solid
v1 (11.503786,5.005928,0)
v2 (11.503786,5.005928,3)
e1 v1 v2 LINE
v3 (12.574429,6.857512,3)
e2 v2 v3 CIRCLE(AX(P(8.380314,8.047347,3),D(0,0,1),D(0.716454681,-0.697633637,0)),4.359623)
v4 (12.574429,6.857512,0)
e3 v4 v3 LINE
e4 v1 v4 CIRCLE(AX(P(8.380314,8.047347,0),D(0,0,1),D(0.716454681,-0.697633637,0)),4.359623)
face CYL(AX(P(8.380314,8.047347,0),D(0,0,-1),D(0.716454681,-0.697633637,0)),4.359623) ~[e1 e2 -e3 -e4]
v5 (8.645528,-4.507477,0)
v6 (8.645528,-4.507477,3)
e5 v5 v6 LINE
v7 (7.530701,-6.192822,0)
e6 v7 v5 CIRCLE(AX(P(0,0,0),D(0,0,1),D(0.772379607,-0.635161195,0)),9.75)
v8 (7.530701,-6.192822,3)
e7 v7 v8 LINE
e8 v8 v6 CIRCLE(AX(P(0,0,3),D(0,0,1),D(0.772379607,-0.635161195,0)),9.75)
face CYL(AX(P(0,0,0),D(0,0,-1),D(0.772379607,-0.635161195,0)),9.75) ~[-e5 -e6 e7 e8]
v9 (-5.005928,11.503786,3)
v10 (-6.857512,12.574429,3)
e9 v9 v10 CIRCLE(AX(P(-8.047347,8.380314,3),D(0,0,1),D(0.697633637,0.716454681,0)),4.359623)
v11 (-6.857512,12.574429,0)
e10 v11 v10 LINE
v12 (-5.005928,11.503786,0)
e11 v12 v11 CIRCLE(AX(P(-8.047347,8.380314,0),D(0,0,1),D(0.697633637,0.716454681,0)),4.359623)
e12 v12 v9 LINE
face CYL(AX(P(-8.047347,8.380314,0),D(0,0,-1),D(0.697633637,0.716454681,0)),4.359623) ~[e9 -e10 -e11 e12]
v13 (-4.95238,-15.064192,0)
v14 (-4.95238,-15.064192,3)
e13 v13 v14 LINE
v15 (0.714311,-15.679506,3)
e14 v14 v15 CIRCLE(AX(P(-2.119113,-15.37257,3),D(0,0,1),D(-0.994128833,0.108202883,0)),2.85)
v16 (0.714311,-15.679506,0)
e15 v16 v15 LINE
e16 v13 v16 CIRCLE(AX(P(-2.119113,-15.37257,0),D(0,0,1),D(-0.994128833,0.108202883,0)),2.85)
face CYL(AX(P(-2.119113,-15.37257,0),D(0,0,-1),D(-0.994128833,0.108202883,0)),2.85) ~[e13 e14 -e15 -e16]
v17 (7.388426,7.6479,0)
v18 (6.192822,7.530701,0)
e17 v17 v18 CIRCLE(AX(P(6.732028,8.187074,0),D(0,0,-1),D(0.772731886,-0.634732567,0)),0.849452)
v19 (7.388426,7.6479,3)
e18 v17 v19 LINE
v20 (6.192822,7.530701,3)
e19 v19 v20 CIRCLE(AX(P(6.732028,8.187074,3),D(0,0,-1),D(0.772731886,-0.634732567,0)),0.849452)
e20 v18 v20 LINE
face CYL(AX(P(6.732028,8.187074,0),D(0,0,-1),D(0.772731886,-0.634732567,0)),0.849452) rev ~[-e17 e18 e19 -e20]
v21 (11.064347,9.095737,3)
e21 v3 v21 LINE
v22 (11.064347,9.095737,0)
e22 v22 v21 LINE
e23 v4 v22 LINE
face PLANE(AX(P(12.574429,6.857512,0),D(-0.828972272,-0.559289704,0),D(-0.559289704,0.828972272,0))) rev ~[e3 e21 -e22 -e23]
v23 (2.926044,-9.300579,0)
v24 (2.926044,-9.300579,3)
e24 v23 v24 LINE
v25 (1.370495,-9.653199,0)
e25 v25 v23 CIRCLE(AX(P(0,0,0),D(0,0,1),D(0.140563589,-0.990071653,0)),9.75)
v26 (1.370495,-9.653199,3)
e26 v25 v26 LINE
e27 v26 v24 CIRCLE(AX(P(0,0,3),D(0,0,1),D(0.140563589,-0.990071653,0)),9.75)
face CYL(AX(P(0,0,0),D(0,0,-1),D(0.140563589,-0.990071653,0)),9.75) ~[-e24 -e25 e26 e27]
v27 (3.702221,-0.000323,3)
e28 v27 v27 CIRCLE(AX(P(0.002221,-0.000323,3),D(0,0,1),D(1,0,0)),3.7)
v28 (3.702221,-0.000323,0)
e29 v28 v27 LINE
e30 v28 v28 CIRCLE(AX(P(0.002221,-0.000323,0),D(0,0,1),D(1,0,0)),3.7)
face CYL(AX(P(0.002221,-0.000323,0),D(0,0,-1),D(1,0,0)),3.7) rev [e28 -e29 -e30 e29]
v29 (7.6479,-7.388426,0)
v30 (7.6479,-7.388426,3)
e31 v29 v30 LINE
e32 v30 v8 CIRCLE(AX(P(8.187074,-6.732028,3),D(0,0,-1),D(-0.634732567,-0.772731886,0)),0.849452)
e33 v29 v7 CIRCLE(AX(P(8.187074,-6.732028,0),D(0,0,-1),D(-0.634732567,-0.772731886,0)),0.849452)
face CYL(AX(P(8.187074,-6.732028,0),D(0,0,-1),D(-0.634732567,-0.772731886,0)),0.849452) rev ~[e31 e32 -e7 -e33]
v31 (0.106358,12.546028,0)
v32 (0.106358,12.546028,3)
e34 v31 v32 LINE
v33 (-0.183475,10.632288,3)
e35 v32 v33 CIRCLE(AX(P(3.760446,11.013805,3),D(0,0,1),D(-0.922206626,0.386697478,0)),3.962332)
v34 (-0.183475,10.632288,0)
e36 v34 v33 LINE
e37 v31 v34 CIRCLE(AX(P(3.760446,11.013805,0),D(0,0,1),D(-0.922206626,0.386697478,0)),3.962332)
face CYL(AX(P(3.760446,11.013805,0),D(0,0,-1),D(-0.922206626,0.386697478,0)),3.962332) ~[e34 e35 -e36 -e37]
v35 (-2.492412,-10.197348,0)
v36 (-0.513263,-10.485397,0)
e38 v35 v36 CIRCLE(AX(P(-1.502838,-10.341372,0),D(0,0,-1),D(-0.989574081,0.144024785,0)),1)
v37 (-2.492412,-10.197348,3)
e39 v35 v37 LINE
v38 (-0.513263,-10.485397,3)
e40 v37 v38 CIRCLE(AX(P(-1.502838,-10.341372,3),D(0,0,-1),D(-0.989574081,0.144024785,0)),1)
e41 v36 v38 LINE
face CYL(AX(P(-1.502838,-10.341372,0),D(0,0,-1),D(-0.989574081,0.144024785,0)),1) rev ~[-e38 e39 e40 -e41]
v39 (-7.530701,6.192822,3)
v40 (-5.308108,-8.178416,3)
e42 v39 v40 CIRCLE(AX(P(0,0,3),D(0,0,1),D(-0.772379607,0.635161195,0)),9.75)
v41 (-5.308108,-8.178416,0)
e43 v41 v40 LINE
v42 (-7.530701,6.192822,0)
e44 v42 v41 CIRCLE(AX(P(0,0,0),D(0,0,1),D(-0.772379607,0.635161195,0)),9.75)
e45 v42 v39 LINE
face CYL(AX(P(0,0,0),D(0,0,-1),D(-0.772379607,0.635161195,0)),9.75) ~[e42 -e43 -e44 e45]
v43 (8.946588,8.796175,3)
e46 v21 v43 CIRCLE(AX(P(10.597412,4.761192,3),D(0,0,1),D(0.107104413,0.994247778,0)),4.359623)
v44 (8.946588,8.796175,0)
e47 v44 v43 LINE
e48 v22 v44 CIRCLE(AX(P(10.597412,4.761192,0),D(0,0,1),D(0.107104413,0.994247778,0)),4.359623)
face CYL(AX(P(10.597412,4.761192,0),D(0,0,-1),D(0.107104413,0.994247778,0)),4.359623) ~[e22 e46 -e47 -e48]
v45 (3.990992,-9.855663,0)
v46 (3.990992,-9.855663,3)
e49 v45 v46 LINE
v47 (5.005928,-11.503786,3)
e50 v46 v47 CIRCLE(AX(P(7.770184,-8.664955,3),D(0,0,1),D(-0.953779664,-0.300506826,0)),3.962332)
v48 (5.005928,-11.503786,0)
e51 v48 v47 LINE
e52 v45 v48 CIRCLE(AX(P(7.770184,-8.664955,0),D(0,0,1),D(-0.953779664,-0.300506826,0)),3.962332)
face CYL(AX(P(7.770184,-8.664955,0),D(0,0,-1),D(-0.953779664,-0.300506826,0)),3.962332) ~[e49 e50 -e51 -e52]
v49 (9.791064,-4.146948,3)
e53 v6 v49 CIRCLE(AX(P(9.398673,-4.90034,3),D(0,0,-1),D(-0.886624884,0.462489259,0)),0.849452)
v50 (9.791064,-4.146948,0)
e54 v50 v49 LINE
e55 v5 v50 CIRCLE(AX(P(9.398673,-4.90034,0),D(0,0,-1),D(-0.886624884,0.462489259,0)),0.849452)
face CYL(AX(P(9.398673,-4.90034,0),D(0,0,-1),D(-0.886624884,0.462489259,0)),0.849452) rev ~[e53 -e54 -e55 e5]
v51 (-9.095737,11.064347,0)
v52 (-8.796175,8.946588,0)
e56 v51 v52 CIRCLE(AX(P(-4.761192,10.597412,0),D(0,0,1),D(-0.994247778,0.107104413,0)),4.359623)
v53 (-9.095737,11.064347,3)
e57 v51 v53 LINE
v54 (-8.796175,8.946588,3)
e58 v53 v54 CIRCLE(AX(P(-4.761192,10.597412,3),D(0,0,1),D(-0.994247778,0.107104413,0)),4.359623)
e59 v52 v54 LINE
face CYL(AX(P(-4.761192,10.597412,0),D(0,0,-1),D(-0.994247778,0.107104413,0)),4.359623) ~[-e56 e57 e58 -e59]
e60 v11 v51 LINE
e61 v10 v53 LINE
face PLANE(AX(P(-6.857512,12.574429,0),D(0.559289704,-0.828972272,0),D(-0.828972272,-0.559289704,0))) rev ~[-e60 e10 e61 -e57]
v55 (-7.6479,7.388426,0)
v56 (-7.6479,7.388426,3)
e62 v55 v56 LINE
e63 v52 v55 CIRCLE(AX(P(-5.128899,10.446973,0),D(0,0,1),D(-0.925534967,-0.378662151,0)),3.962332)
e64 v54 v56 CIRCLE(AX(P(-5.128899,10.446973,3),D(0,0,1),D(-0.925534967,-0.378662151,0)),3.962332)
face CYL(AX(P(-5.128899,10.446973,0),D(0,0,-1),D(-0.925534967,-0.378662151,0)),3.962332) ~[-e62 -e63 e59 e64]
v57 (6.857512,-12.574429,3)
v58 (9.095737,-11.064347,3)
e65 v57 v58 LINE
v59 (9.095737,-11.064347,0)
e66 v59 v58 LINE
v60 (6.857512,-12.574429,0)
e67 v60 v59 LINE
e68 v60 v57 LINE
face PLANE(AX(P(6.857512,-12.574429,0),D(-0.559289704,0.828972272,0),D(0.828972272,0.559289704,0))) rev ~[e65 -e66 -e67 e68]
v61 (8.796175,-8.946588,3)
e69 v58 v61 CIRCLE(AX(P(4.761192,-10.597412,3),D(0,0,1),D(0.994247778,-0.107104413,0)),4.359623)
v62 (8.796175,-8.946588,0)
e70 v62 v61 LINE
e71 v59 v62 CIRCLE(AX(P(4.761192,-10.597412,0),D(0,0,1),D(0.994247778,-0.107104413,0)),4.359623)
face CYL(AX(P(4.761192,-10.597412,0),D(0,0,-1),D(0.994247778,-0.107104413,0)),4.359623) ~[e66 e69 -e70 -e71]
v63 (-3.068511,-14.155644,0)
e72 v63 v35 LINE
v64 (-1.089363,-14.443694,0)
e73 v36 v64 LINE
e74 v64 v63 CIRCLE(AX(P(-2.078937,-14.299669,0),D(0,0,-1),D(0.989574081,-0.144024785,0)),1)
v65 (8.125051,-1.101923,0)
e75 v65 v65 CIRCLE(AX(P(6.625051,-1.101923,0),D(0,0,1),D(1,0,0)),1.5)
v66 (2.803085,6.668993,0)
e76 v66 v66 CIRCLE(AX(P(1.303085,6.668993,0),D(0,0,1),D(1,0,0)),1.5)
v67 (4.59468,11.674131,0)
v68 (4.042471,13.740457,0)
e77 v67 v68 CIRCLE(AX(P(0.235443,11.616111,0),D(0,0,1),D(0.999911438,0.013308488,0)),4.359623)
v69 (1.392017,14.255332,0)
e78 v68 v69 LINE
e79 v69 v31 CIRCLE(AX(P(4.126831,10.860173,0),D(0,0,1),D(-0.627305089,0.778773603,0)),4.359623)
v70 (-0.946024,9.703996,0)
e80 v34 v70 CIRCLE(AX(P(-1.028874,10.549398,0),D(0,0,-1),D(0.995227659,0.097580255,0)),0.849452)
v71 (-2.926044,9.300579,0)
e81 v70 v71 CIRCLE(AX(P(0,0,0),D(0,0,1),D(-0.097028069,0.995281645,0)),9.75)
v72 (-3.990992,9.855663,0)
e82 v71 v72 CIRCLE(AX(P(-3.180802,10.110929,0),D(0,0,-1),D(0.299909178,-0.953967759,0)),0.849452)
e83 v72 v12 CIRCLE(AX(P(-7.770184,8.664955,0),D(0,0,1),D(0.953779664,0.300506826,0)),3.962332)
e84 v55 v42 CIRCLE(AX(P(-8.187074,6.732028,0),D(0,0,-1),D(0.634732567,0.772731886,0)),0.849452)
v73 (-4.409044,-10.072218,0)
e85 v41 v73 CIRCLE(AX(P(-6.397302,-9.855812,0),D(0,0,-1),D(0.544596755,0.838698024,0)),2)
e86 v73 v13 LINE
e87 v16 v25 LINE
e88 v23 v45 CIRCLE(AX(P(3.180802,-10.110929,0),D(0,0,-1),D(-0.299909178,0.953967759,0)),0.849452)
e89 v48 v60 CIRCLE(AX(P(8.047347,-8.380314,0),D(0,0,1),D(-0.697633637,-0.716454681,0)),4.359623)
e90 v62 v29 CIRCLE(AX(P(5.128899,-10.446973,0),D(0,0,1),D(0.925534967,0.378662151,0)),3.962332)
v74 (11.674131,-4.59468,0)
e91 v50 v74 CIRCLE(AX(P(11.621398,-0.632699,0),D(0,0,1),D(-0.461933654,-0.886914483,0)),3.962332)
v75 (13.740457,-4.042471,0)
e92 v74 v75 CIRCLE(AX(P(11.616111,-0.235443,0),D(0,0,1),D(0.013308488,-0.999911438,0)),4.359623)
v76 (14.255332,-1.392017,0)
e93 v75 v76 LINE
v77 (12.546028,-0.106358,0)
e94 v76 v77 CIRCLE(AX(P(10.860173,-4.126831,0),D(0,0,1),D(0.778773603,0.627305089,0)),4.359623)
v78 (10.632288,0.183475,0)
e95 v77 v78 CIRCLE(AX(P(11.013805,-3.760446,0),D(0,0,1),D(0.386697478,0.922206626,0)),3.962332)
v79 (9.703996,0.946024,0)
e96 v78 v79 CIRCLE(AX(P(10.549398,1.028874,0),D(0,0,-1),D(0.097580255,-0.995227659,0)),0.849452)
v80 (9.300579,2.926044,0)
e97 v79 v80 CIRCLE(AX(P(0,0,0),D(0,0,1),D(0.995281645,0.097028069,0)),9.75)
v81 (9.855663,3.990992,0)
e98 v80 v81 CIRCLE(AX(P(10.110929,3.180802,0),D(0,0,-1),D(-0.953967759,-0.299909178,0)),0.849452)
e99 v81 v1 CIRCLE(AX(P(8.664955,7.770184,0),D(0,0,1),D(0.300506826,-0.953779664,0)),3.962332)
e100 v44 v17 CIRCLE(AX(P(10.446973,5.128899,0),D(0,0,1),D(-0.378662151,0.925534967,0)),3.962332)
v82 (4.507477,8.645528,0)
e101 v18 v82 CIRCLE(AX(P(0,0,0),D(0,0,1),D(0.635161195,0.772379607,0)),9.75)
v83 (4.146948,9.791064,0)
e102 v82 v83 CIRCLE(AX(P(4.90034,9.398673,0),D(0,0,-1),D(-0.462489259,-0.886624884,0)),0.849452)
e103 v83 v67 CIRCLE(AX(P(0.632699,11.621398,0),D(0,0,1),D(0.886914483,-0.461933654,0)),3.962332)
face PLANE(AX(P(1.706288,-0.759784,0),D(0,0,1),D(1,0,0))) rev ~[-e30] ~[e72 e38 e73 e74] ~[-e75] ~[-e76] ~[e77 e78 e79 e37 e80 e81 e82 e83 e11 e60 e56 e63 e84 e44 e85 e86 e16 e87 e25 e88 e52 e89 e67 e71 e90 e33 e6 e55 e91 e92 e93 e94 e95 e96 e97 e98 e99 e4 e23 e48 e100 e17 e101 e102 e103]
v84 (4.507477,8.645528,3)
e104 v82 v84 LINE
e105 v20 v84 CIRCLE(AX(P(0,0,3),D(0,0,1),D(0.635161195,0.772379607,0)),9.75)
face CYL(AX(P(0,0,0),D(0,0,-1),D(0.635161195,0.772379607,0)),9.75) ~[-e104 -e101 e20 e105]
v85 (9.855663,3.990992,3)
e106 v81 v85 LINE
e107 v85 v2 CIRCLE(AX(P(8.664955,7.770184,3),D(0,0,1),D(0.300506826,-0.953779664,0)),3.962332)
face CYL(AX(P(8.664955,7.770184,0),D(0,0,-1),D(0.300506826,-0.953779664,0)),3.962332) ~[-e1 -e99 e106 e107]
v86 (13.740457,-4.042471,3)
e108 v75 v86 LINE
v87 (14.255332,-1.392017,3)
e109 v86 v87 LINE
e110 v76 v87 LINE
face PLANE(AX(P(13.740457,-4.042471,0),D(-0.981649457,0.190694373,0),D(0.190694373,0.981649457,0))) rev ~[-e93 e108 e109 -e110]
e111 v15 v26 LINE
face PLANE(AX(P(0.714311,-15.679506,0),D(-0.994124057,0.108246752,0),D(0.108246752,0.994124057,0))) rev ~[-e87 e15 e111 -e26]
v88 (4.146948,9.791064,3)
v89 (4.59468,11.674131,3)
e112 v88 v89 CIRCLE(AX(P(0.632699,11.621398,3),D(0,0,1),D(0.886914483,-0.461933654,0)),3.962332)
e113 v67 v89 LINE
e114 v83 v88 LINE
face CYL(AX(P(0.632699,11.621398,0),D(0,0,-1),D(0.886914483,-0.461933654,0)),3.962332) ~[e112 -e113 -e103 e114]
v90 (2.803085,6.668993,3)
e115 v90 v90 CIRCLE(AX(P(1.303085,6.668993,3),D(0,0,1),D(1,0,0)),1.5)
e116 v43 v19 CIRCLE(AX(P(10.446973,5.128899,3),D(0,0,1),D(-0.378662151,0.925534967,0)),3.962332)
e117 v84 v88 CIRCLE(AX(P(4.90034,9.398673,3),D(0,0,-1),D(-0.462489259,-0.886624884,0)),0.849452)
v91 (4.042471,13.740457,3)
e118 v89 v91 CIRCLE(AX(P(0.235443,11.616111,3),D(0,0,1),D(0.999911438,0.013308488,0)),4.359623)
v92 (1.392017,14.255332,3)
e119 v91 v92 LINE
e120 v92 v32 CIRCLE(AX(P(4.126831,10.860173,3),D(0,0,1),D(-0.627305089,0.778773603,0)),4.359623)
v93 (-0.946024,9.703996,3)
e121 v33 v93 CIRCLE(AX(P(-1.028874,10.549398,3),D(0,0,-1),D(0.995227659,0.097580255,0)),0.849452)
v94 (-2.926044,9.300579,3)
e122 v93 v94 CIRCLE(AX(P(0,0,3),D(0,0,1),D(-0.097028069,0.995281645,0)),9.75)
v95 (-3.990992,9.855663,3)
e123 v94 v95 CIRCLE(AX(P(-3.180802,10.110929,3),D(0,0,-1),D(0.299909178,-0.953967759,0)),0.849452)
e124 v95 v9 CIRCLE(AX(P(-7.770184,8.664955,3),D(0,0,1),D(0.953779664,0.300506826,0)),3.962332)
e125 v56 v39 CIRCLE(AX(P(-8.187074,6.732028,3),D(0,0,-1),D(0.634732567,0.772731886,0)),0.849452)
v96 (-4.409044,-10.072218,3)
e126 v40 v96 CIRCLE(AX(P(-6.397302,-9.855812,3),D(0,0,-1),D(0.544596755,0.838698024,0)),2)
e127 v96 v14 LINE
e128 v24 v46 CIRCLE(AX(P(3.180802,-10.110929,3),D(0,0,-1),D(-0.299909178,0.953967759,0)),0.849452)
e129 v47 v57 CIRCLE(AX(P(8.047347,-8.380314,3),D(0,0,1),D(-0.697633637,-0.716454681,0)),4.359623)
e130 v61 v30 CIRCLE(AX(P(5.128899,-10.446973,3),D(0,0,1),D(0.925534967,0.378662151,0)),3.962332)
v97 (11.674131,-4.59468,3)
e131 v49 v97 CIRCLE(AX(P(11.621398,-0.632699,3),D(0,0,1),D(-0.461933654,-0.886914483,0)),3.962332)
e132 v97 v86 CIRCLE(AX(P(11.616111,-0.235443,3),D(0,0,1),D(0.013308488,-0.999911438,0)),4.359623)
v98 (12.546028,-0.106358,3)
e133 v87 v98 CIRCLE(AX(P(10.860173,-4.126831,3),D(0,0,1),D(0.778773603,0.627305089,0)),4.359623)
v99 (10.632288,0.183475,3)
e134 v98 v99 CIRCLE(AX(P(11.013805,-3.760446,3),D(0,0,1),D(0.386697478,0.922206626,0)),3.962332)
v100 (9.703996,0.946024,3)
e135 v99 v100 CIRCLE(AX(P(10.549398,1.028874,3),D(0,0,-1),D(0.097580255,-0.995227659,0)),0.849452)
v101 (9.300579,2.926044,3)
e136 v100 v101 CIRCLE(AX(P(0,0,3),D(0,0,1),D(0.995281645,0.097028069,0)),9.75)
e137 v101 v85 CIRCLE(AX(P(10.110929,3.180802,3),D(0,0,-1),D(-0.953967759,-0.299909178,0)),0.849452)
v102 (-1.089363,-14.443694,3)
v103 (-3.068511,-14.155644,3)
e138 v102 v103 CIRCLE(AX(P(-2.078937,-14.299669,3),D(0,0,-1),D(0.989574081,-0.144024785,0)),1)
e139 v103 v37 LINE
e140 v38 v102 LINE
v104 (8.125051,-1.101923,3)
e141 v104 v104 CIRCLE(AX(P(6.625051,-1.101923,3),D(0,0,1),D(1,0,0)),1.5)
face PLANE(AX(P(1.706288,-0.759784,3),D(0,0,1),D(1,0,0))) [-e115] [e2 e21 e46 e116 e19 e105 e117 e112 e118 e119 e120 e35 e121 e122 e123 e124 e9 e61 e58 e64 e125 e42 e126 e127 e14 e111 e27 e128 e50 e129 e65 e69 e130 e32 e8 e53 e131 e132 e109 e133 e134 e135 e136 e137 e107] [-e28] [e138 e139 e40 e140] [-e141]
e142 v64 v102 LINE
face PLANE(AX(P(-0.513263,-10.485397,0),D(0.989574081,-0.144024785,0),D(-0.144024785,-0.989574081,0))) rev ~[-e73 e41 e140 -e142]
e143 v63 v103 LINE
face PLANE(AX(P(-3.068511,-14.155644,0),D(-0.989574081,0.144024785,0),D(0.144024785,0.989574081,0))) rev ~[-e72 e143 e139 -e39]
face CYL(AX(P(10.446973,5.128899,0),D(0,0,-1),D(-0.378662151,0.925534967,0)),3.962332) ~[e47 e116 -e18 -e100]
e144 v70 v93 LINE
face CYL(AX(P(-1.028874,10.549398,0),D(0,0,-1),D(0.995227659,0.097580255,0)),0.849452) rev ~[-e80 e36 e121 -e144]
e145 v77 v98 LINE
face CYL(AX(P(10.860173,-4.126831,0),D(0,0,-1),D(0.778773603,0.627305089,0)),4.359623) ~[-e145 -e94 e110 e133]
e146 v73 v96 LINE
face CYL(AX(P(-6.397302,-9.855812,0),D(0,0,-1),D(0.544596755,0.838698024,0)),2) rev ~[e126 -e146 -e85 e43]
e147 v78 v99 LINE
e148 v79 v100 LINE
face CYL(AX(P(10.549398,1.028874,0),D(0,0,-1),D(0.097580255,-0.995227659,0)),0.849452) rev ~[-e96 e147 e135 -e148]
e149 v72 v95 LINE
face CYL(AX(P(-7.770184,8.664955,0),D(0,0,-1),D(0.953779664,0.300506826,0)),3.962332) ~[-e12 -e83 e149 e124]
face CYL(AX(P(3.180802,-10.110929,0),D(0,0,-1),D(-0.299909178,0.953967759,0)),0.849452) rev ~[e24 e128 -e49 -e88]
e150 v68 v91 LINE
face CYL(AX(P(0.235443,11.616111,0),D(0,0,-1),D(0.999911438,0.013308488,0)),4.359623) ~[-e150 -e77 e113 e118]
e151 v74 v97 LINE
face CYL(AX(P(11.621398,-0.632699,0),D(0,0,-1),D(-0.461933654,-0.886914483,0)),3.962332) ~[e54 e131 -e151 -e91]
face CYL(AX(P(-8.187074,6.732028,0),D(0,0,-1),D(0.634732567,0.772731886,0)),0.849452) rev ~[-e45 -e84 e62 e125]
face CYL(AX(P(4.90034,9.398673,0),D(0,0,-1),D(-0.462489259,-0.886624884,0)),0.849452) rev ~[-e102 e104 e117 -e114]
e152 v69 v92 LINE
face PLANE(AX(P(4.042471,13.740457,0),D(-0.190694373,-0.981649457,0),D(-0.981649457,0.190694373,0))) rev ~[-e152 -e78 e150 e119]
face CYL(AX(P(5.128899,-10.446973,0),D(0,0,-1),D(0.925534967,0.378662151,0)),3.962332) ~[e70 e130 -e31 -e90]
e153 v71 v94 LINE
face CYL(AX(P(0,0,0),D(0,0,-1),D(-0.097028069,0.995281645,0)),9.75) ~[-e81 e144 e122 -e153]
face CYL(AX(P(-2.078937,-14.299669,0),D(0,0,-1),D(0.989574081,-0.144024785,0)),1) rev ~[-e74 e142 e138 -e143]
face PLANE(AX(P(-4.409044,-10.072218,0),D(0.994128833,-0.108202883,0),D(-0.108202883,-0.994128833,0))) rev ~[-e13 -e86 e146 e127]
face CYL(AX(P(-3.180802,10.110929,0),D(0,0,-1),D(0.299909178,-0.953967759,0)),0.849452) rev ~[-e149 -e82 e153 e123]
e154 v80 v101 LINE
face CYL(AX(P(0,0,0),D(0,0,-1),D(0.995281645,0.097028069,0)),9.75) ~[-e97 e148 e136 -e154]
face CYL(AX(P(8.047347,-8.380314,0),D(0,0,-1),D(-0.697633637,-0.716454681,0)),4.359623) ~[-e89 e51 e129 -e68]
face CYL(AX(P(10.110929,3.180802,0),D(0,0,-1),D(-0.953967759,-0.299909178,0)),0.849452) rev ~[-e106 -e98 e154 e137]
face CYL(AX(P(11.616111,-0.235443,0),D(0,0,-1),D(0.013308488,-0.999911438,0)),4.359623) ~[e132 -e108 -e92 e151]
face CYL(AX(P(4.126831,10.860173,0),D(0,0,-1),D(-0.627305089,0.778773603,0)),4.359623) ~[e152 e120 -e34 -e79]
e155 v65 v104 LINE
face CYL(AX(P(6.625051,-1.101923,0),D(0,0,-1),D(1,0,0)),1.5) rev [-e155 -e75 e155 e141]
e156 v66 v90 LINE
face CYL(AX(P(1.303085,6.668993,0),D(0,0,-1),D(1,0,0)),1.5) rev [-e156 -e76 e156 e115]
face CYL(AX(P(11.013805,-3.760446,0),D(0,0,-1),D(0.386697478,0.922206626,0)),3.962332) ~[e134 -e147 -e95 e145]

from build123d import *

# Parameters (mm, degrees)
SKETCH1_R           = 1.5
SKETCH1_R_2         = 3.7
BOSS_EXTRUDE1_DEPTH = 3


with BuildPart() as part:
    # Sketch1 → Boss-Extrude1 (new body)
    with BuildSketch(Plane.XY):
        with BuildLine():
            Line((13.740457451, -4.042470891), (14.255332257, -1.392017357))
            ThreePointArc((14.255332257, -1.392017357), (13.480746798, -0.642737861), (12.546028185, -0.106357853))
            ThreePointArc((12.546028185, -0.106357853), (11.607127827, 0.157211053), (10.632288023, 0.1834752))
            ThreePointArc((10.632288023, 0.1834752), (10.010207796, 0.372487454), (9.703996042, 0.94602368))
            ThreePointArc((9.703996042, 0.94602368), (9.553721125, 1.946512948), (9.300578942, 2.926043632))
            ThreePointArc((9.300578942, 2.926043632), (9.357660457, 3.573428685), (9.855662757, 3.990992351))
            ThreePointArc((9.855662757, 3.990992351), (10.742650685, 4.396276035), (11.503786091, 5.005927856))
            ThreePointArc((11.503786091, 5.005927856), (12.154418131, 5.865043883), (12.57442922, 6.85751206))
            Line((12.57442922, 6.85751206), (11.06434702, 9.095737194))
            ThreePointArc((11.06434702, 9.095737194), (9.986811776, 9.077843176), (8.946587965, 8.796175247))
            ThreePointArc((8.946587965, 8.796175247), (8.096313795, 8.318643798), (7.388426402, 7.647899519))
            ThreePointArc((7.388426402, 7.647899519), (6.814897409, 7.341674219), (6.192821647, 7.530701165))
            ThreePointArc((6.192821647, 7.530701165), (5.379108488, 8.131893498), (4.507477145, 8.645527732))
            ThreePointArc((4.507477145, 8.645527732), (4.09006951, 9.14366082), (4.146948213, 9.791063724))
            ThreePointArc((4.146948213, 9.791063724), (4.487564551, 10.704837744), (4.594679622, 11.674130687))
            ThreePointArc((4.594679622, 11.674130687), (4.447259181, 12.741683783), (4.042470891, 13.740457451))
            Line((4.042470891, 13.740457451), (1.392017357, 14.255332257))
            ThreePointArc((1.392017357, 14.255332257), (0.642737861, 13.480746798), (0.106357853, 12.546028185))
            ThreePointArc((0.106357853, 12.546028185), (-0.157211053, 11.607127827), (-0.1834752, 10.632288023))
            ThreePointArc((-0.1834752, 10.632288023), (-0.372487454, 10.010207796), (-0.94602368, 9.703996042))
            ThreePointArc((-0.94602368, 9.703996042), (-1.946512948, 9.553721125), (-2.926043632, 9.300578942))
            ThreePointArc((-2.926043632, 9.300578942), (-3.573428685, 9.357660457), (-3.990992351, 9.855662757))
            ThreePointArc((-3.990992351, 9.855662757), (-4.396276035, 10.742650685), (-5.005927856, 11.503786091))
            ThreePointArc((-5.005927856, 11.503786091), (-5.865043883, 12.154418131), (-6.85751206, 12.57442922))
            Line((-6.85751206, 12.57442922), (-9.095737194, 11.06434702))
            ThreePointArc((-9.095737194, 11.06434702), (-9.077843176, 9.986811776), (-8.796175247, 8.946587965))
            ThreePointArc((-8.796175247, 8.946587965), (-8.318643798, 8.096313795), (-7.647899519, 7.388426402))
            ThreePointArc((-7.647899519, 7.388426402), (-7.341674219, 6.814897409), (-7.530701165, 6.192821647))
            ThreePointArc((-7.530701165, 6.192821647), (-9.635448804, -1.490176611), (-5.308108038, -8.178416047))
            ThreePointArc((-5.308108038, -8.178416047), (-4.590564776, -8.998081228), (-4.409043882, -10.072217861))
            Line((-4.409043882, -10.072217861), (-4.952379844, -15.064191543))
            ThreePointArc((-4.952379844, -15.064191543), (-2.426769985, -18.205915305), (0.714311062, -15.679506151))
            Line((0.714311062, -15.679506151), (1.370494976, -9.653198615))
            ThreePointArc((1.370494976, -9.653198615), (2.155492092, -9.508751433), (2.926043632, -9.300578942))
            ThreePointArc((2.926043632, -9.300578942), (3.573428685, -9.357660457), (3.990992351, -9.855662757))
            ThreePointArc((3.990992351, -9.855662757), (4.396276035, -10.742650685), (5.005927856, -11.503786091))
            ThreePointArc((5.005927856, -11.503786091), (5.865043883, -12.154418131), (6.85751206, -12.57442922))
            Line((6.85751206, -12.57442922), (9.095737194, -11.06434702))
            ThreePointArc((9.095737194, -11.06434702), (9.077843176, -9.986811776), (8.796175247, -8.946587965))
            ThreePointArc((8.796175247, -8.946587965), (8.318643798, -8.096313795), (7.647899519, -7.388426402))
            ThreePointArc((7.647899519, -7.388426402), (7.341674219, -6.814897409), (7.530701165, -6.192821647))
            ThreePointArc((7.530701165, -6.192821647), (8.131893498, -5.379108488), (8.645527732, -4.507477145))
            ThreePointArc((8.645527732, -4.507477145), (9.14366082, -4.09006951), (9.791063724, -4.146948213))
            ThreePointArc((9.791063724, -4.146948213), (10.704837744, -4.487564551), (11.674130687, -4.594679622))
            ThreePointArc((11.674130687, -4.594679622), (12.741683783, -4.447259181), (13.740457451, -4.042470891))
        make_face()
        with Locations((6.625050503, -1.101923166)):
            Circle(SKETCH1_R, mode=Mode.SUBTRACT)
        with Locations((0.002221487, -0.000323095)):
            Circle(SKETCH1_R_2, mode=Mode.SUBTRACT)
        with Locations((1.303084957, 6.668993396)):
            Circle(SKETCH1_R, mode=Mode.SUBTRACT)
        with BuildLine():
            Line((-3.068510764, -14.155643998), (-2.492411625, -10.197347675))
            ThreePointArc((-2.492411625, -10.197347675), (-1.35881276, -9.351798379), (-0.513263464, -10.485397245))
            Line((-0.513263464, -10.485397245), (-1.089362603, -14.443693568))
            ThreePointArc((-1.089362603, -14.443693568), (-2.222961468, -15.289242864), (-3.068510764, -14.155643998))
        make_face(mode=Mode.SUBTRACT)
    extrude(amount=BOSS_EXTRUDE1_DEPTH)


solid = part.part
